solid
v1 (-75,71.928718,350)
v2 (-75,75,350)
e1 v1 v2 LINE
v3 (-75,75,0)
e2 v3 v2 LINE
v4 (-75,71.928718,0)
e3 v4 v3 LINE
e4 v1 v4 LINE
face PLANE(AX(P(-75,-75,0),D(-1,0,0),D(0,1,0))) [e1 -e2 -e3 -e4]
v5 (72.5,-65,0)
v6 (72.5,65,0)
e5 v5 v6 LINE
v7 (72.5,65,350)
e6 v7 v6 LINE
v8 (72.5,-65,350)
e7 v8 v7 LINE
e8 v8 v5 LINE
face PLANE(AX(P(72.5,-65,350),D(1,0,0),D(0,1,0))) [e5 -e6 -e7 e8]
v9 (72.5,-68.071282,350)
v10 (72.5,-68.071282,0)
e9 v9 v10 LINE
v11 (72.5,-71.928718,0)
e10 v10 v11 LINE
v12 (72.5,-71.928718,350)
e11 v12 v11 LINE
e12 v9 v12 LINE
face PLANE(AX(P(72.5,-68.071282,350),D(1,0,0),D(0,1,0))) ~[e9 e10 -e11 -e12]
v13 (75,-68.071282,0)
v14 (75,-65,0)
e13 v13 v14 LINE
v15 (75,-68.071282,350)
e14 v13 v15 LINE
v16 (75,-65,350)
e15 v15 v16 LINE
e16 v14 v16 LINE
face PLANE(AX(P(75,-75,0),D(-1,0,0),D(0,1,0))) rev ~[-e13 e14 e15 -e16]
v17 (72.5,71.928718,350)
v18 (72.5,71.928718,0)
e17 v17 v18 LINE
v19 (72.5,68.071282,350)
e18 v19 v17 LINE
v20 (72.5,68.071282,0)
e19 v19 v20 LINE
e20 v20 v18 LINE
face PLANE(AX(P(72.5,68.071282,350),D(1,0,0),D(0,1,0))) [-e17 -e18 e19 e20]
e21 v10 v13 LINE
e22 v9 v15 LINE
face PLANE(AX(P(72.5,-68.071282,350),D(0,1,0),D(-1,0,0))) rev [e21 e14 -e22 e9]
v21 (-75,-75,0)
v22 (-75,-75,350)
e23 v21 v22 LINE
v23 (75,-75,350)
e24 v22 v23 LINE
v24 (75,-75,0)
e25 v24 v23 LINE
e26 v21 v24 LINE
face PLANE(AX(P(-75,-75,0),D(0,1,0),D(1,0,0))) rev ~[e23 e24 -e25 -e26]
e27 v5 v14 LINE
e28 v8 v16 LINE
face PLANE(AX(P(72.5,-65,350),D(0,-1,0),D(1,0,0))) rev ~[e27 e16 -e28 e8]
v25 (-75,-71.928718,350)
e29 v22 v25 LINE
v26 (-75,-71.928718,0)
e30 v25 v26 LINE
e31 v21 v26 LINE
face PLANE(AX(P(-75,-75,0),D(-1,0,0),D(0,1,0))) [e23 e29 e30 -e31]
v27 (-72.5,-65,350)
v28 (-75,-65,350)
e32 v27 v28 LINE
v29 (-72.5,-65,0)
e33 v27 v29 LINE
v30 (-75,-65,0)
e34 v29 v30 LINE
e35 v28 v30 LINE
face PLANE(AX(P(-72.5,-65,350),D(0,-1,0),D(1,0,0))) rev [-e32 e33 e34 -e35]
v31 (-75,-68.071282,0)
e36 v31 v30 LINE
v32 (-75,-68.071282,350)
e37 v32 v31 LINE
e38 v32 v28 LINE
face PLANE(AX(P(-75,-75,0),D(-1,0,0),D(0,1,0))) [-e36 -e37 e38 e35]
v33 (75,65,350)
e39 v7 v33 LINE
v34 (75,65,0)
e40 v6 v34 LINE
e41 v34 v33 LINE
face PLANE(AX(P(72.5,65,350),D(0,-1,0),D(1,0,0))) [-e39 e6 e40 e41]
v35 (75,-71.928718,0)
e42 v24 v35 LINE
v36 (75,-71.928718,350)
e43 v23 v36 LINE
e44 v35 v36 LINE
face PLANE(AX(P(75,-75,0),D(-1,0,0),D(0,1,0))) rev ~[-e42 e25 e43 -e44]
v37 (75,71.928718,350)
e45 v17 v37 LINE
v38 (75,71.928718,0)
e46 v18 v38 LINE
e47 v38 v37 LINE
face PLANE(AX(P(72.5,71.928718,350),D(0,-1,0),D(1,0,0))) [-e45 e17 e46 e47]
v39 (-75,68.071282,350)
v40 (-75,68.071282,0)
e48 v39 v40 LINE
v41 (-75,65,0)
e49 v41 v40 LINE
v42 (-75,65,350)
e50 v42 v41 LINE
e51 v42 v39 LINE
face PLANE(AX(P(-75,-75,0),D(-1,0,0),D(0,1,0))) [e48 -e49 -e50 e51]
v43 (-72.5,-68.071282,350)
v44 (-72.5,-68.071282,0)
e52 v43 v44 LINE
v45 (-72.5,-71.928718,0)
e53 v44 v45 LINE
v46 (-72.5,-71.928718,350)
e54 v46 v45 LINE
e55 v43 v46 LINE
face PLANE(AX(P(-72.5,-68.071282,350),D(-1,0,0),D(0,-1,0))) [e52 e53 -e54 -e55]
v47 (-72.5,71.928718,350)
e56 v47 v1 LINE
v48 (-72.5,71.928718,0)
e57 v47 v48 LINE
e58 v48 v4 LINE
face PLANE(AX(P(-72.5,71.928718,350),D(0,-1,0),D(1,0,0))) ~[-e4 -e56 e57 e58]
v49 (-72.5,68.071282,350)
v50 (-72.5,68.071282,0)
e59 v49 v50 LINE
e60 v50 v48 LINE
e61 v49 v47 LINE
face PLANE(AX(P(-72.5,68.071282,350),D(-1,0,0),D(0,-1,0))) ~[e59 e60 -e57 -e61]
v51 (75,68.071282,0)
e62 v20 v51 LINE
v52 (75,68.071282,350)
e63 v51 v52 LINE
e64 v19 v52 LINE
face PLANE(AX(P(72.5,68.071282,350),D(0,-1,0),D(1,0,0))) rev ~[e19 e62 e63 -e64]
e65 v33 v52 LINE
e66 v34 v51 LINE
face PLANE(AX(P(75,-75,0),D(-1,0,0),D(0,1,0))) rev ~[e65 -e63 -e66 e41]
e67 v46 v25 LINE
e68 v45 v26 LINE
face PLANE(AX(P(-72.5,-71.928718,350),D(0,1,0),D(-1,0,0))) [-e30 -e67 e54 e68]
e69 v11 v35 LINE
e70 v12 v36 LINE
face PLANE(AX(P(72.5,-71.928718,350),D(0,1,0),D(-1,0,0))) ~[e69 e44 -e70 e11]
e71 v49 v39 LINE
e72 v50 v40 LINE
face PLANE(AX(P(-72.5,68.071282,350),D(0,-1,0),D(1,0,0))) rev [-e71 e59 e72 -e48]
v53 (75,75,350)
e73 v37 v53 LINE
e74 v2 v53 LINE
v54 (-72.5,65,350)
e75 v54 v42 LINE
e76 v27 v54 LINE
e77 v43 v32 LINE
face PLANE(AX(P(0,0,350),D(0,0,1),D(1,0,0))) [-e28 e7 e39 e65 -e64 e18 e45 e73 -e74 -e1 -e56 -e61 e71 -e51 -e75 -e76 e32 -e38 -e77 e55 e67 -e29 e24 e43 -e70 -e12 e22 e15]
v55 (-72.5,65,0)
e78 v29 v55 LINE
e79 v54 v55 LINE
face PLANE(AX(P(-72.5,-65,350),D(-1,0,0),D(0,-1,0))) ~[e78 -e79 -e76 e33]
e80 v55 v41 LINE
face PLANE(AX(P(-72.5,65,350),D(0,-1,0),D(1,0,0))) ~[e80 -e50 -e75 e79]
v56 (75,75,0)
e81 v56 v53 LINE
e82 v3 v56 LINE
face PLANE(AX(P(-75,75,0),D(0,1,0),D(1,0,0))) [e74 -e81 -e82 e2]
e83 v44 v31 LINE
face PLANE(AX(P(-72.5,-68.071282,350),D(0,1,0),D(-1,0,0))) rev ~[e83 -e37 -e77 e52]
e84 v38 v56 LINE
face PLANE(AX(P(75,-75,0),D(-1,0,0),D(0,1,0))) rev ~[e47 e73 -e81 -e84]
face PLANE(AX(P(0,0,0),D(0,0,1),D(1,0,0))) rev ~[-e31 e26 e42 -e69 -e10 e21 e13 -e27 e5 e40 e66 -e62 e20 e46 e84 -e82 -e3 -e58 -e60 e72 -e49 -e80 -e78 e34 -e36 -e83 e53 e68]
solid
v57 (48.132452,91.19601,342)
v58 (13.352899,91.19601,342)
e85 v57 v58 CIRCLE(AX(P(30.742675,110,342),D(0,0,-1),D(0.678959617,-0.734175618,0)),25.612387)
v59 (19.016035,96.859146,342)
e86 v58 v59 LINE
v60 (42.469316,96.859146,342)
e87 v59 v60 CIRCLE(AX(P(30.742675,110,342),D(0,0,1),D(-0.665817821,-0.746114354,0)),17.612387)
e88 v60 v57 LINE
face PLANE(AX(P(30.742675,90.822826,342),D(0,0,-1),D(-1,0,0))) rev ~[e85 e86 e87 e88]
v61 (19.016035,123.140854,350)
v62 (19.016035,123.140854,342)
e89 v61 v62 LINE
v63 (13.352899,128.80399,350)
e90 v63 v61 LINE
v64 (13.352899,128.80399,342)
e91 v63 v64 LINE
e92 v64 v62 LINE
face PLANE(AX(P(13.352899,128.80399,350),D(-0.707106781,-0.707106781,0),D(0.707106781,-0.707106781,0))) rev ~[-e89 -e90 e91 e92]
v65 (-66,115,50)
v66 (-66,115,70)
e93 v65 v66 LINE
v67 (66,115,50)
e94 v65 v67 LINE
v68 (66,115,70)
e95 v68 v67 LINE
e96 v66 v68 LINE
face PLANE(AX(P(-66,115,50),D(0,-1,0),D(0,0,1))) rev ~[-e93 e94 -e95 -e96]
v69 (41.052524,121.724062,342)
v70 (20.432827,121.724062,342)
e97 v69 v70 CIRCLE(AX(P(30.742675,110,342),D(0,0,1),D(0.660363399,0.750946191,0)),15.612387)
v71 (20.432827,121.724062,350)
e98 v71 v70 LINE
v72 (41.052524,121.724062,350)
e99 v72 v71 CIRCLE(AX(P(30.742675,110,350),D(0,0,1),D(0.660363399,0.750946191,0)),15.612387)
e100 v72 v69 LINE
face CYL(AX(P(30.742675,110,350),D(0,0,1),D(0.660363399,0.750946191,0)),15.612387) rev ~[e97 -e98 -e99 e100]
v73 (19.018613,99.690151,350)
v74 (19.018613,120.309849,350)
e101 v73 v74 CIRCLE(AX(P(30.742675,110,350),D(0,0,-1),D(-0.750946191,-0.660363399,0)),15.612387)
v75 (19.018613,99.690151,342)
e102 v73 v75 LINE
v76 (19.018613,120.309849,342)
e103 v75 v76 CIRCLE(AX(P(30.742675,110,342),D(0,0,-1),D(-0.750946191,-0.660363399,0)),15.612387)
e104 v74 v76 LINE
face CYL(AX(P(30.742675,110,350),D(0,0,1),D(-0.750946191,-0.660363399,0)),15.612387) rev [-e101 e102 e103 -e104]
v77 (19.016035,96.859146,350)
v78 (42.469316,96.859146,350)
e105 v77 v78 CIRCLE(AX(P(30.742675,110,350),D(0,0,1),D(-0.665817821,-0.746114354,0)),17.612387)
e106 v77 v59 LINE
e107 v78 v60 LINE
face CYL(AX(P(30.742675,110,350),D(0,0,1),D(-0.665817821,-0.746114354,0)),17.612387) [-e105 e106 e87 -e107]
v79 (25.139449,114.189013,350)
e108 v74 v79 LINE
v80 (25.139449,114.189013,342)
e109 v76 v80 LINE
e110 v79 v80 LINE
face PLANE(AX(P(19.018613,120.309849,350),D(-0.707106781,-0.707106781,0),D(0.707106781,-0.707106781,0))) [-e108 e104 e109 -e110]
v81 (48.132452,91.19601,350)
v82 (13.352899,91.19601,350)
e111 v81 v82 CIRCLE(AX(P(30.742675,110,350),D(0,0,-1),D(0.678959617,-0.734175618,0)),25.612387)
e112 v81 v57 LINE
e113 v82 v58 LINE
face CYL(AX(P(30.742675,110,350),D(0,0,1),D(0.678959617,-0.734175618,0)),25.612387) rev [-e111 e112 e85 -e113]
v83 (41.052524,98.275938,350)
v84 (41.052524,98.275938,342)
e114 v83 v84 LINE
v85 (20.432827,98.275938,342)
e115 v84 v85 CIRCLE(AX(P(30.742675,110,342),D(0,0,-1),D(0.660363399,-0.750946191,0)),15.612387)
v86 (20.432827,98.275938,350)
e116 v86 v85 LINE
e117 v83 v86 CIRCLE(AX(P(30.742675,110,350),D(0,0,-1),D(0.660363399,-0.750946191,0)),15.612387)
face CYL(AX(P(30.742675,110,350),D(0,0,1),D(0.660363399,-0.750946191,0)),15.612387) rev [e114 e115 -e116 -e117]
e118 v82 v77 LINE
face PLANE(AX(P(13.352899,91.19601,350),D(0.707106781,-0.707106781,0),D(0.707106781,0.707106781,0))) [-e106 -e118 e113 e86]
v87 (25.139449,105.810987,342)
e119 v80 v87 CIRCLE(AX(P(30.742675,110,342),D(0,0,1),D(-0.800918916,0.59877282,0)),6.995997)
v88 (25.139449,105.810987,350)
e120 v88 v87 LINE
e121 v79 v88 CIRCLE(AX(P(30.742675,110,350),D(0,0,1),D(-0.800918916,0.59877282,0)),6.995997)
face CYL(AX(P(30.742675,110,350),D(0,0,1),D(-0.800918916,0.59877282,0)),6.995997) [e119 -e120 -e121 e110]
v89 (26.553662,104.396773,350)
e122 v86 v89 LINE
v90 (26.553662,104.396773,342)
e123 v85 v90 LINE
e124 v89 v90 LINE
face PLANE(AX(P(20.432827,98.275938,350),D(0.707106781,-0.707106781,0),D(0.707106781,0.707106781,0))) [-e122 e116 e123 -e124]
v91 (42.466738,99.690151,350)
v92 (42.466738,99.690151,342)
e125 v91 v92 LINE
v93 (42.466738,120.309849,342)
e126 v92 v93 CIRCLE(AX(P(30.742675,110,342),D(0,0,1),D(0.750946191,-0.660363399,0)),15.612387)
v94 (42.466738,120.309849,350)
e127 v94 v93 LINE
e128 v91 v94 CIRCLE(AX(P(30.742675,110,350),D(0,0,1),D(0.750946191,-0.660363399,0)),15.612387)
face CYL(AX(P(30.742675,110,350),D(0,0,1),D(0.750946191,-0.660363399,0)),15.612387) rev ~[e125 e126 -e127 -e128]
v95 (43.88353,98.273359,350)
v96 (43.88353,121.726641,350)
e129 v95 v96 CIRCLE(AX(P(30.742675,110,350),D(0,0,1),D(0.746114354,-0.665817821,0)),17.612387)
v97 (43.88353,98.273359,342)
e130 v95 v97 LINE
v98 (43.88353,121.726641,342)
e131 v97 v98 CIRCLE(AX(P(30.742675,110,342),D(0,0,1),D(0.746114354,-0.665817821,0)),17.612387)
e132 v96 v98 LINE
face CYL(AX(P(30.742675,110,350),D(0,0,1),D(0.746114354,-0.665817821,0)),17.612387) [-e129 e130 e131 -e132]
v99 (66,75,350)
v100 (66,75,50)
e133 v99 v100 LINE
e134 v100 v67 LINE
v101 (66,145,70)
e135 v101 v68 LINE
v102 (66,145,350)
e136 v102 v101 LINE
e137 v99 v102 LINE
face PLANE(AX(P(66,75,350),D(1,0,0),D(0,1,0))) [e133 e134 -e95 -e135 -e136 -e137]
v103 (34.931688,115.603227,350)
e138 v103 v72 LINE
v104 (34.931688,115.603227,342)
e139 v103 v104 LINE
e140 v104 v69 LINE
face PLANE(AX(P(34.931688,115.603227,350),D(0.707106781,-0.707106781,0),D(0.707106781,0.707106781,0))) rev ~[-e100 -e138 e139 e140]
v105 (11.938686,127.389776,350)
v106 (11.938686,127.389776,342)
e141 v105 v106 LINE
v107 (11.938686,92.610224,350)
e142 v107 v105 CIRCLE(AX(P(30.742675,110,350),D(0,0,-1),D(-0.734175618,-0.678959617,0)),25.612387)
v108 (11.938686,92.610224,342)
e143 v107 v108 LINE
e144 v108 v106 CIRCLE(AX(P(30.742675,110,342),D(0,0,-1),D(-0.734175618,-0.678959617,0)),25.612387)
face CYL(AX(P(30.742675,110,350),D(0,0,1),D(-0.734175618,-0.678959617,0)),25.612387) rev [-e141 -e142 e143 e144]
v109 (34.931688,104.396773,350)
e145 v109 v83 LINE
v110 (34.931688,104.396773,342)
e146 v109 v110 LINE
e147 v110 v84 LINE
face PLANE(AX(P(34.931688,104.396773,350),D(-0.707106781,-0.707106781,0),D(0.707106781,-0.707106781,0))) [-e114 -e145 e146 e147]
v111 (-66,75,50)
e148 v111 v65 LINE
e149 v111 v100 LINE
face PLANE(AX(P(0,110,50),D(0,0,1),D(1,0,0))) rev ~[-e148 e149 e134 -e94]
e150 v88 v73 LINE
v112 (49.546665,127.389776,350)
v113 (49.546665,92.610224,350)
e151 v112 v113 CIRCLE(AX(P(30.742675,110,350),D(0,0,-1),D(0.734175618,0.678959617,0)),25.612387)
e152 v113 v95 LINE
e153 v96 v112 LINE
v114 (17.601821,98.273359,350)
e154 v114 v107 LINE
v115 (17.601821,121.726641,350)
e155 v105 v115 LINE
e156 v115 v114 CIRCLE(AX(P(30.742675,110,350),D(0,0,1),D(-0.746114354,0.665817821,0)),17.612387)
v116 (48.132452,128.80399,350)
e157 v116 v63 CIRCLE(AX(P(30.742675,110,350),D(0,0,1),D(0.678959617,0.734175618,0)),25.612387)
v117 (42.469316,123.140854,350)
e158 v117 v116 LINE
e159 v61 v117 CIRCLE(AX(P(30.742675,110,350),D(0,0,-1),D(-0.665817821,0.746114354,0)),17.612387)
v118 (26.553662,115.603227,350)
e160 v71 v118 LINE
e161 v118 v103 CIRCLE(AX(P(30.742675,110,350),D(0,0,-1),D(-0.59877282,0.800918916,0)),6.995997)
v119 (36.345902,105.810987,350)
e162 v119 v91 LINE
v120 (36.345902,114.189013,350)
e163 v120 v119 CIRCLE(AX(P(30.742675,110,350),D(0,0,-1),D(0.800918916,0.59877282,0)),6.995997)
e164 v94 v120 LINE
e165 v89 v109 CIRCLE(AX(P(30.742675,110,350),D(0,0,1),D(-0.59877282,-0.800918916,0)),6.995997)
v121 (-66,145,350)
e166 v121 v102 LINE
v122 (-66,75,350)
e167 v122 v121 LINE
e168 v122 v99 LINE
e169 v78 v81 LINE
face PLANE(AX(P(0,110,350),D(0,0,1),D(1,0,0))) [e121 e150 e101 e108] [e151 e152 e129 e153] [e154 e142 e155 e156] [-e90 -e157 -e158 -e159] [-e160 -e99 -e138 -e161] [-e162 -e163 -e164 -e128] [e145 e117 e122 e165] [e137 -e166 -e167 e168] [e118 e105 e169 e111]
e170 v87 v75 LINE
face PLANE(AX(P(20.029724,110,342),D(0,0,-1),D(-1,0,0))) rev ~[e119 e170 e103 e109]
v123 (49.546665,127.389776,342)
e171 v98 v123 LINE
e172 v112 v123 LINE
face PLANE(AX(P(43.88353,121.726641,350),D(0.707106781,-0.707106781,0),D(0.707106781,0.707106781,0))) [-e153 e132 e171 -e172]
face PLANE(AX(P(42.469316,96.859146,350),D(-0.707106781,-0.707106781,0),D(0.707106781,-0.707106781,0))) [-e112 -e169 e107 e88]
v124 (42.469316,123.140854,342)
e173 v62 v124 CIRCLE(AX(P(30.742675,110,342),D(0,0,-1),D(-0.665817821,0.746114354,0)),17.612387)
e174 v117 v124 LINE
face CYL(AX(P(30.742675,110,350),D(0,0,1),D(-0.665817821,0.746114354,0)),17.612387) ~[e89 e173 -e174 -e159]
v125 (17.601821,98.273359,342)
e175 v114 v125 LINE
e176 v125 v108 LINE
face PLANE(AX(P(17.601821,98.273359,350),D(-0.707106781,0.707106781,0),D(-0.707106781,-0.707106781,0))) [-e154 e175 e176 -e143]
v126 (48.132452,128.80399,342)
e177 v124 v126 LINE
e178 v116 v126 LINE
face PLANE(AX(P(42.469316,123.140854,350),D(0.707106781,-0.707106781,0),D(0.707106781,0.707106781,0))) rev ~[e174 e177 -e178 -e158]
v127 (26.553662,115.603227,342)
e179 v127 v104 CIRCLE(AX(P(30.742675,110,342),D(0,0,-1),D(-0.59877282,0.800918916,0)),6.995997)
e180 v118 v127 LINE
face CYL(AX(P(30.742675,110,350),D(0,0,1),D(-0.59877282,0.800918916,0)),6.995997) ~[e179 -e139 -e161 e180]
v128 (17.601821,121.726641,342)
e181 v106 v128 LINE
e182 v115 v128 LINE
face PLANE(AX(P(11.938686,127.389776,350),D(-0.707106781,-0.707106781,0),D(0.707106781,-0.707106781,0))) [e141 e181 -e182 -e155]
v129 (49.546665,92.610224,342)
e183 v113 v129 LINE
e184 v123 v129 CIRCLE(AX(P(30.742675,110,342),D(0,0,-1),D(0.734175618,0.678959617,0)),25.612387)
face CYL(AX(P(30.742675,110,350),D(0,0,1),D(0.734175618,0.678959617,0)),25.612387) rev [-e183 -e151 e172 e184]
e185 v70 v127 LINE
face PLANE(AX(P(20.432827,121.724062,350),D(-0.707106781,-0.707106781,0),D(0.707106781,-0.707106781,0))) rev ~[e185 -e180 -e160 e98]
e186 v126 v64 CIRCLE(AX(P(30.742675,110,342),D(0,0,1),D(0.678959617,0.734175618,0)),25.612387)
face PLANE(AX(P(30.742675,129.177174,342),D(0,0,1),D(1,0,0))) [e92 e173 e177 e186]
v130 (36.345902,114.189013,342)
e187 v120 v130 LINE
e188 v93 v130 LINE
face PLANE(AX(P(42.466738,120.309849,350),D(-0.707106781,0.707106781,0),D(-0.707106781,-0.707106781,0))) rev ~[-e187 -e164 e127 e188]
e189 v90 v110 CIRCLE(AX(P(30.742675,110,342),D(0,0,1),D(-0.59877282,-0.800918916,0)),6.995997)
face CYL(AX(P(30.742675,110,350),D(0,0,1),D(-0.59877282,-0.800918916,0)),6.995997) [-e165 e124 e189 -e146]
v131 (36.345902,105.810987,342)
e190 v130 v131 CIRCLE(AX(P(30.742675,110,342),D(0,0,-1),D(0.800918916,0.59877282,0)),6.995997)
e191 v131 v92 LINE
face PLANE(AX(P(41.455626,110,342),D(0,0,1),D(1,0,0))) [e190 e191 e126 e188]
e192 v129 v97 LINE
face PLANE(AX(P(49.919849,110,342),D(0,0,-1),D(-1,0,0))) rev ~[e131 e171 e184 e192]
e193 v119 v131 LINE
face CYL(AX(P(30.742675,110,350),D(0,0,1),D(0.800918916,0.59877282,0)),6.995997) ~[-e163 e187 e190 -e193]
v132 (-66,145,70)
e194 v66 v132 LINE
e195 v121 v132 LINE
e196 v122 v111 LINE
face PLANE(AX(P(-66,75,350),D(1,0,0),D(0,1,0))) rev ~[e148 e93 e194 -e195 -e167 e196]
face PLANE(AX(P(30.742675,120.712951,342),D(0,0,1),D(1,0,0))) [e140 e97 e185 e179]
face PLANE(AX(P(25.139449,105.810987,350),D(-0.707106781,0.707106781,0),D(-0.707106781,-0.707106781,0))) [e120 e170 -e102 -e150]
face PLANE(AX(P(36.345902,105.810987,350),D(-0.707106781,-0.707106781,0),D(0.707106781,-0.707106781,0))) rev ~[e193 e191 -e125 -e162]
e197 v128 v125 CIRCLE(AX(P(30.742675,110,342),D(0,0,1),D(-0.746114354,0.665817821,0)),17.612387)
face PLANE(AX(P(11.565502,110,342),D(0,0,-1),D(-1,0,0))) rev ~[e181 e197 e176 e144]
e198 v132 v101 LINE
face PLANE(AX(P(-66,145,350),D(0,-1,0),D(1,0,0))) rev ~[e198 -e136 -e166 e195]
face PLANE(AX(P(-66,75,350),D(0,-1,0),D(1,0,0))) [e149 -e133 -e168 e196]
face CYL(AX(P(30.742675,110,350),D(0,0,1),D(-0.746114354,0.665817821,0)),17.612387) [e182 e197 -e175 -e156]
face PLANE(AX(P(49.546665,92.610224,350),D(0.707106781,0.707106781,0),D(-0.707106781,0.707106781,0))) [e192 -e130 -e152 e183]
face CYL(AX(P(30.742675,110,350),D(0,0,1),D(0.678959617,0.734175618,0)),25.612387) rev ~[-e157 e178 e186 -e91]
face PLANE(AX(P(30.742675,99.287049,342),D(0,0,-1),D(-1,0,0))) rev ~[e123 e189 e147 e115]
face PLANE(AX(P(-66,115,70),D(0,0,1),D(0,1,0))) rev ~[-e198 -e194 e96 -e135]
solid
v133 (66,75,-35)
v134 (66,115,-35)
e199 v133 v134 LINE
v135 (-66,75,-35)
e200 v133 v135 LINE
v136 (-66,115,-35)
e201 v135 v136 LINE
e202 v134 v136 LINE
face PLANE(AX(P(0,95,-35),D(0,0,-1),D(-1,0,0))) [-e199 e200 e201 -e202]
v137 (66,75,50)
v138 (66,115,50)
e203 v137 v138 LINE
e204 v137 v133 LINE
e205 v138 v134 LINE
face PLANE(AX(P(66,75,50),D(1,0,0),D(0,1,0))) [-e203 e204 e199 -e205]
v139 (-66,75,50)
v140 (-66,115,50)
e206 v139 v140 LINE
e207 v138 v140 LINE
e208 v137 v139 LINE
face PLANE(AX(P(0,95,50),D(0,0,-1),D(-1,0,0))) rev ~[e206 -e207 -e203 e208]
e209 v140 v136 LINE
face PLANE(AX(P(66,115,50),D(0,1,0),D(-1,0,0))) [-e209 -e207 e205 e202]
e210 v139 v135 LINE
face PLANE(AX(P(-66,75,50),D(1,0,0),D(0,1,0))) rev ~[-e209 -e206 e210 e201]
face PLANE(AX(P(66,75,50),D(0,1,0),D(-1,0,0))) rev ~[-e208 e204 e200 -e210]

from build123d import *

# Parameters (mm, degrees)
SKETCH1_W               = 150
SKETCH1_H               = 150
BOSS_EXTRUDE1_DEPTH     = 350
SKETCH2_W               = 132
SKETCH2_H               = 70
BOSS_EXTRUDE2_DEPTH     = 300
SKETCH3_W               = 20
SKETCH3_H               = 30
CUT_EXTRUDE1_DEPTH      = 300
SKETCH4_W               = 132
SKETCH4_H               = 40
BOSS_EXTRUDE3_DEPTH     = 85
SKETCH5_W               = 5
SKETCH5_H               = 130
CUT_EXTRUDE2_DEPTH      = 448
SKETCH6_W               = 5
SKETCH6_H               = 3.857436254
CUT_EXTRUDE3_DEPTH      = 448
MIRROR2_COPY_1_SKETCH_W = 5
MIRROR2_COPY_1_SKETCH_H = 3.857436254
MIRROR2_COPY_1_DEPTH    = 448
CUT_EXTRUDE5_DEPTH      = 8


with BuildPart() as part:
    # Sketch1 → Boss-Extrude1 (new body)
    with BuildSketch(Plane.XY):
        Rectangle(SKETCH1_W, SKETCH1_H)
    extrude(amount=BOSS_EXTRUDE1_DEPTH)

    # Sketch5 → Cut-Extrude2 (cut)
    with BuildSketch(Plane.XY.offset(350)):
        with Locations((75, 0)):
            Rectangle(SKETCH5_W, SKETCH5_H)
    cut_extrude2 = extrude(amount=-CUT_EXTRUDE2_DEPTH, mode=Mode.SUBTRACT)

    # Sketch6 → Cut-Extrude3 (cut)
    with BuildSketch(Plane.XY.offset(350)):
        with Locations((75, 70)):
            Rectangle(SKETCH6_W, SKETCH6_H)
    cut_extrude3 = extrude(amount=-CUT_EXTRUDE3_DEPTH, mode=Mode.SUBTRACT)

    # Mirror1: Cut-Extrude3 across plane
    add(cut_extrude3.mirror(Plane.ZX), mode=Mode.SUBTRACT)

    # Mirror2: Cut-Extrude2, Cut-Extrude3 across plane
    add(cut_extrude2.mirror(Plane(origin=(0, 0, 0), x_dir=(0, 0, 1), z_dir=(1, 0, 0))), mode=Mode.SUBTRACT)
    add(cut_extrude3.mirror(Plane(origin=(0, 0, 0), x_dir=(0, 0, 1), z_dir=(1, 0, 0))), mode=Mode.SUBTRACT)

    # Mirror2 copy 1 sketch → Mirror2 copy 1 (cut)
    with BuildSketch(Plane(origin=(0, 0, 350), x_dir=(-1, 0, 0), z_dir=(0, 0, 1))):
        with Locations((75, 70)):
            Rectangle(MIRROR2_COPY_1_SKETCH_W, MIRROR2_COPY_1_SKETCH_H)
    extrude(amount=-MIRROR2_COPY_1_DEPTH, mode=Mode.SUBTRACT)


with BuildPart() as body_2:
    # Sketch2 → Boss-Extrude2 (new body)
    with BuildSketch(Plane.XY.offset(350)):
        with Locations((0, 110)):
            Rectangle(SKETCH2_W, SKETCH2_H)
    extrude(amount=-BOSS_EXTRUDE2_DEPTH)

    # Sketch3 → Cut-Extrude1 (cut)
    with BuildSketch(Plane.ZY.offset(66)):
        with Locations((60, 130)):
            Rectangle(SKETCH3_W, SKETCH3_H)
    extrude(amount=-CUT_EXTRUDE1_DEPTH, mode=Mode.SUBTRACT)

    # Sketch7 → Cut-Extrude5 (cut)
    with BuildSketch(Plane.XY.offset(350)):
        with BuildLine():
            Line((34.931688454, 104.396773358), (41.052524005, 98.275937807))
            ThreePointArc((41.052524005, 98.275937807), (30.742675374, 94.387613472), (20.432826744, 98.275937807))
            Line((20.432826744, 98.275937807), (26.553662294, 104.396773358))
            ThreePointArc((26.553662294, 104.396773358), (30.742675374, 103.004002617), (34.931688454, 104.396773358))
        make_face()
        with BuildLine():
            Line((36.345902017, 105.81098692), (42.466737568, 99.690151369))
            ThreePointArc((42.466737568, 99.690151369), (46.355061902, 110), (42.466737568, 120.309848631))
            Line((42.466737568, 120.309848631), (36.345902017, 114.18901308))
            ThreePointArc((36.345902017, 114.18901308), (37.738672758, 110), (36.345902017, 105.81098692))
        make_face()
        with BuildLine():
            Line((43.883529765, 121.726640828), (49.546665087, 127.38977615))
            ThreePointArc((49.546665087, 127.38977615), (56.355061902, 110), (49.546665087, 92.61022385))
            Line((49.546665087, 92.61022385), (43.883529765, 98.273359172))
            ThreePointArc((43.883529765, 98.273359172), (48.355061902, 110), (43.883529765, 121.726640828))
        make_face()
        with BuildLine():
            Line((34.931688454, 115.603226642), (41.052524005, 121.724062193))
            ThreePointArc((41.052524005, 121.724062193), (30.742675374, 125.612386528), (20.432826744, 121.724062193))
            Line((20.432826744, 121.724062193), (26.553662294, 115.603226642))
            ThreePointArc((26.553662294, 115.603226642), (30.742675374, 116.995997383), (34.931688454, 115.603226642))
        make_face()
        with BuildLine():
            Line((42.469316202, 123.14085439), (48.132451524, 128.803989713))
            ThreePointArc((48.132451524, 128.803989713), (30.742675374, 135.612386528), (13.352899224, 128.803989713))
            Line((13.352899224, 128.803989713), (19.016034546, 123.14085439))
            ThreePointArc((19.016034546, 123.14085439), (30.742675374, 127.612386528), (42.469316202, 123.14085439))
        make_face()
        with BuildLine():
            Line((42.469316202, 96.85914561), (48.132451524, 91.196010287))
            ThreePointArc((48.132451524, 91.196010287), (30.742675374, 84.387613472), (13.352899224, 91.196010287))
            Line((13.352899224, 91.196010287), (19.016034546, 96.85914561))
            ThreePointArc((19.016034546, 96.85914561), (30.742675374, 92.387613472), (42.469316202, 96.85914561))
        make_face()
        with BuildLine():
            Line((25.139448732, 105.81098692), (19.018613181, 99.690151369))
            ThreePointArc((19.018613181, 99.690151369), (15.130288846, 110), (19.018613181, 120.309848631))
            Line((19.018613181, 120.309848631), (25.139448732, 114.18901308))
            ThreePointArc((25.139448732, 114.18901308), (23.746677991, 110), (25.139448732, 105.81098692))
        make_face()
        with BuildLine():
            Line((17.601820984, 98.273359172), (11.938685662, 92.61022385))
            ThreePointArc((11.938685662, 92.61022385), (5.130288846, 110), (11.938685662, 127.38977615))
            Line((11.938685662, 127.38977615), (17.601820984, 121.726640828))
            ThreePointArc((17.601820984, 121.726640828), (13.130288846, 110), (17.601820984, 98.273359172))
        make_face()
    extrude(amount=-CUT_EXTRUDE5_DEPTH, mode=Mode.SUBTRACT)


with BuildPart() as body_3:
    # Sketch4 → Boss-Extrude3 (new body)
    with BuildSketch(Plane(origin=(0, 0, 50), x_dir=(-1, 0, 0), z_dir=(0, 0, -1))):
        with Locations((0, 95)):
            Rectangle(SKETCH4_W, SKETCH4_H)
    extrude(amount=BOSS_EXTRUDE3_DEPTH)


solid = Compound([part.part, body_2.part, body_3.part])
